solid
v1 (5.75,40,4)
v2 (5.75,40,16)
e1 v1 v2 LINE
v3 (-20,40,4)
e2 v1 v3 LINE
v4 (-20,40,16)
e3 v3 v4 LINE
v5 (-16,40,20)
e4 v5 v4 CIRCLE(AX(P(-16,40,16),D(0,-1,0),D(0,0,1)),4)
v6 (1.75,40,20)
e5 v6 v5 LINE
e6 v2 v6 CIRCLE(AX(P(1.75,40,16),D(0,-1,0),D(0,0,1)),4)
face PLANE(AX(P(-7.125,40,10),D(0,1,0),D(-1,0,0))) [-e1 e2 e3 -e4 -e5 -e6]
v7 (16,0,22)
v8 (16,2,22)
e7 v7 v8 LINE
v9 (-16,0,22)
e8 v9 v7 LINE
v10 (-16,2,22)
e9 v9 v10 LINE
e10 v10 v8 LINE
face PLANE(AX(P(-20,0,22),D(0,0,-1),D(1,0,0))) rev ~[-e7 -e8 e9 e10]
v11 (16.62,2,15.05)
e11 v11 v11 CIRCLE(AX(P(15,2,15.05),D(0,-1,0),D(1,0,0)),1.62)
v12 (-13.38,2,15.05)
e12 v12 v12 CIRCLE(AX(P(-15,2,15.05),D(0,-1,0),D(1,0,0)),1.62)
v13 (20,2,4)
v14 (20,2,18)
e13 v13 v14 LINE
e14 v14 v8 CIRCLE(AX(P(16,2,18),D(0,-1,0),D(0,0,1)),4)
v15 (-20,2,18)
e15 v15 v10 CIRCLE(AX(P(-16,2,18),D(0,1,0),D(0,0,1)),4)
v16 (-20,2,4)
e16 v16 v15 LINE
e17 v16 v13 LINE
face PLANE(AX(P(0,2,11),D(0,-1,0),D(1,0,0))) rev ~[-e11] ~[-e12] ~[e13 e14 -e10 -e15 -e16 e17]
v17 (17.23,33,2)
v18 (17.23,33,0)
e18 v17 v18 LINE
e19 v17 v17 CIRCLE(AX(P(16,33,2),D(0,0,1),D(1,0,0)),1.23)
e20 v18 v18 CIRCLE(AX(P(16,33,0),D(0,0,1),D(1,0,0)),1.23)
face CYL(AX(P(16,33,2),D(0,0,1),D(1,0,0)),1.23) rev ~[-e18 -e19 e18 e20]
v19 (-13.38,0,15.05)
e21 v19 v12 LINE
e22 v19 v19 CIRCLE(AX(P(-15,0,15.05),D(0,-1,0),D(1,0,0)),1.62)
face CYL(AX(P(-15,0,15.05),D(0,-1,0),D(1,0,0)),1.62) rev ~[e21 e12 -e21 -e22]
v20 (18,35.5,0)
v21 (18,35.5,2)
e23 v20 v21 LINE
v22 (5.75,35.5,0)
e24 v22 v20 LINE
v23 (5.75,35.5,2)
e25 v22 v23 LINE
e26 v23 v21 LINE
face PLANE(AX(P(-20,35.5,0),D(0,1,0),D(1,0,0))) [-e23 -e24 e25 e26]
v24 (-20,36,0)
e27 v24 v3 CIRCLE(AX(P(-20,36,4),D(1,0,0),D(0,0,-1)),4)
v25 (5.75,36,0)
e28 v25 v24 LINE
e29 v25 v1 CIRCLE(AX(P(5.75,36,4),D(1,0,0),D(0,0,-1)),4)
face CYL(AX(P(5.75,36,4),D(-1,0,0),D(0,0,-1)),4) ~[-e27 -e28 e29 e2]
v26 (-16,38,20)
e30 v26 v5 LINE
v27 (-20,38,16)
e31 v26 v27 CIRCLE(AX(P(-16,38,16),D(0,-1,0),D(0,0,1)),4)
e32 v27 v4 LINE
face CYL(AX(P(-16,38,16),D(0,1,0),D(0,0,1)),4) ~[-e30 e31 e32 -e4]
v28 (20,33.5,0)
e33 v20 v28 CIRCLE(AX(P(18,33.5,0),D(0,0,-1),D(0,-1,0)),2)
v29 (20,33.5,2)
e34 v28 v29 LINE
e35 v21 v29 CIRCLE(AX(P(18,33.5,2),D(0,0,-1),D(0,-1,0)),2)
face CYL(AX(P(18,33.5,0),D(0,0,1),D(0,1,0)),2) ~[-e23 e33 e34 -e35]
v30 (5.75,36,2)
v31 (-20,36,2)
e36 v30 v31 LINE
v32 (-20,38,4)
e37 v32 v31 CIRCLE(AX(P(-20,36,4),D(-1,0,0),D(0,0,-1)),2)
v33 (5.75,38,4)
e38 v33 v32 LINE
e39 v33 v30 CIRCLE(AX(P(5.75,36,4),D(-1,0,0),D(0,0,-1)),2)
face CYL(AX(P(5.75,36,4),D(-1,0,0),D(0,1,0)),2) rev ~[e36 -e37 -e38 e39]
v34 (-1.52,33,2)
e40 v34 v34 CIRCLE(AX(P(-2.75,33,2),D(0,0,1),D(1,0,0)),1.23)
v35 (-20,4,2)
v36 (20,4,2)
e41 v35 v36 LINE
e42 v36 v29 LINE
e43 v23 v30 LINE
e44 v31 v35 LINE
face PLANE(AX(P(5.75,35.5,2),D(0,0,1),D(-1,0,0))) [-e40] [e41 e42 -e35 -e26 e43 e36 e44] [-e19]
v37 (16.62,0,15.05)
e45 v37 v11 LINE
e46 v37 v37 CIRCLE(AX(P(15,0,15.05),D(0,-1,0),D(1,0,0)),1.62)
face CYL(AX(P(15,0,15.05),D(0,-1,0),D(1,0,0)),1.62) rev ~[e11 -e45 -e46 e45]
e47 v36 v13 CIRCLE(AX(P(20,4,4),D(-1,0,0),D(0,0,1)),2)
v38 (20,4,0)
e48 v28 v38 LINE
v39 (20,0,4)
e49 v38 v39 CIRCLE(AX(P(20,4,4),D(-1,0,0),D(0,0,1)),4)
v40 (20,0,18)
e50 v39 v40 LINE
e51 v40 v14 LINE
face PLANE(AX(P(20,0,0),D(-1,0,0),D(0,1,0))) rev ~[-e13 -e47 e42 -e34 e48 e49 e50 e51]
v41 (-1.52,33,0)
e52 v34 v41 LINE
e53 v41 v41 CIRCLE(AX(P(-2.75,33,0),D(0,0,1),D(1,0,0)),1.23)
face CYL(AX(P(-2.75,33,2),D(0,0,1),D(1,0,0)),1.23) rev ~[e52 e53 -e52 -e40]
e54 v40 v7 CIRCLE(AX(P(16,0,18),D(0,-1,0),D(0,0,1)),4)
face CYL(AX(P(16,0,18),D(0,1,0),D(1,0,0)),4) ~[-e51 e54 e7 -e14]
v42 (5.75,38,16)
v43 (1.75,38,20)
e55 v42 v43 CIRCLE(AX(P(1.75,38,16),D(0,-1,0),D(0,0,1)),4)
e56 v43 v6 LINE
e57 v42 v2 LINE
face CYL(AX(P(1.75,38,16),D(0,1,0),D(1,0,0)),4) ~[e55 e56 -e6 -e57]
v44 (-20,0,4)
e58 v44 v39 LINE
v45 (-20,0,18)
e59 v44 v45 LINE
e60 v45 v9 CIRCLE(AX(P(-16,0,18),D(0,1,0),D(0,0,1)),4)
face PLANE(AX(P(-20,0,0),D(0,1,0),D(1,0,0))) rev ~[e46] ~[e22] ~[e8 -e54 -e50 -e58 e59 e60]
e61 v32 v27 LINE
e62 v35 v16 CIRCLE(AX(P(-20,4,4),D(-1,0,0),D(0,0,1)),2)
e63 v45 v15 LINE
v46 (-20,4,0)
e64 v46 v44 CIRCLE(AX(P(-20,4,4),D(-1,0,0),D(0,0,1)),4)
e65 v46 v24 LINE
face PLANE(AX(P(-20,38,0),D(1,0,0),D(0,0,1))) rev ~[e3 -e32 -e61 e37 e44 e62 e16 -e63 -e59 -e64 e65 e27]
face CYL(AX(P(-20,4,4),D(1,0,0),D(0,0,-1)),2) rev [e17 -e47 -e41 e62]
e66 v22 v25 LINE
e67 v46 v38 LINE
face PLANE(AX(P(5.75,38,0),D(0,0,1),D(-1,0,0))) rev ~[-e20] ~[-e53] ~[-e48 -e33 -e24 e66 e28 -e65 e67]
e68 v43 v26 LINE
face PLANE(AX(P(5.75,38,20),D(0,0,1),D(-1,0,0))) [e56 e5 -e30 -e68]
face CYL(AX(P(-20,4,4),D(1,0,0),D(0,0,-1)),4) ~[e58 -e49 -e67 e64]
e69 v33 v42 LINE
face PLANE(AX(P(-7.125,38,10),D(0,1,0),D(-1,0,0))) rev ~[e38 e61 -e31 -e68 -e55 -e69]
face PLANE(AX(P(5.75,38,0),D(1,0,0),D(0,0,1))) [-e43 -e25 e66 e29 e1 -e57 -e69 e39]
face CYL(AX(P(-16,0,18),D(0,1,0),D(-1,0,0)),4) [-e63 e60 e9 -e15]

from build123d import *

# Parameters (mm, degrees)
SKETCH_W        = 40
SKETCH_H        = 35.5
PAD_DEPTH       = 2
SKETCH001_W     = 40
SKETCH001_H     = 22
PAD001_DEPTH    = 2
SKETCH002_W     = 25.75
SKETCH002_H     = 2
PAD002_DEPTH    = 2.5
SKETCH003_W     = 25.75
SKETCH003_H     = 20
PAD003_DEPTH    = 2
FILLET_R        = 4
FILLET001_R     = 2
FILLET002_R     = 4
FILLET003_R     = 2
SKETCH004_R     = 1.23
POCKET_DEPTH    = 5
SKETCH005_R     = 1.62
POCKET001_DEPTH = 5


with BuildPart() as part:
    # Sketch → Pad (new body)
    with BuildSketch(Plane.XY):
        with Locations((0, 17.75)):
            Rectangle(SKETCH_W, SKETCH_H)
    extrude(amount=PAD_DEPTH)

    # Sketch001 → Pad001 (new body)
    with BuildSketch(Plane.XZ):
        with Locations((0, 11)):
            Rectangle(SKETCH001_W, SKETCH001_H)
    extrude(amount=-PAD001_DEPTH)

    # Sketch002 → Pad002 (new body)
    with BuildSketch(Plane(origin=(0, 35.5, 0), x_dir=(-1, 0, 0), z_dir=(0, 1, 0))):
        with Locations((7.125, 1)):
            Rectangle(SKETCH002_W, SKETCH002_H)
    extrude(amount=PAD002_DEPTH)

    # Sketch003 → Pad003 (new body)
    with BuildSketch(Plane(origin=(0, 38, 0), x_dir=(-1, 0, 0), z_dir=(0, 1, 0))):
        with Locations((7.125, 10)):
            Rectangle(SKETCH003_W, SKETCH003_H)
    extrude(amount=PAD003_DEPTH)

    # Fillet
    fillet_edges = [part.edges().sort_by_distance(p)[0] for p in [
        (0, 0, 0),
        (-7.125, 40, 0),
    ]]
    fillet(fillet_edges, radius=FILLET_R)

    # Fillet001
    fillet001_edges = [part.edges().sort_by_distance(p)[0] for p in [
        (-7.125, 38, 2),
        (0, 2, 2),
    ]]
    fillet(fillet001_edges, radius=FILLET001_R)

    # Fillet002
    fillet002_edges = [part.edges().sort_by_distance(p)[0] for p in [
        (20, 1, 22),
        (-20, 1, 22),
        (-20, 39, 20),
        (5.75, 39, 20),
    ]]
    fillet(fillet002_edges, radius=FILLET002_R)

    # Fillet003
    fillet003_edges = [part.edges().sort_by_distance(p)[0] for p in [
        (20, 35.5, 1),
    ]]
    fillet(fillet003_edges, radius=FILLET003_R)

    # Sketch004 → Pocket (cut)
    with BuildSketch(Plane.XY.offset(2)):
        with Locations((16, 33)):
            Circle(SKETCH004_R)
        with Locations((-2.75, 33)):
            Circle(SKETCH004_R)
    extrude(amount=-POCKET_DEPTH, mode=Mode.SUBTRACT)

    # Sketch005 → Pocket001 (cut)
    with BuildSketch(Plane.XZ):
        with Locations((-15, 15.05)):
            Circle(SKETCH005_R)
        with Locations((15, 15.05)):
            Circle(SKETCH005_R)
    extrude(amount=-POCKET001_DEPTH, mode=Mode.SUBTRACT)


solid = part.part
